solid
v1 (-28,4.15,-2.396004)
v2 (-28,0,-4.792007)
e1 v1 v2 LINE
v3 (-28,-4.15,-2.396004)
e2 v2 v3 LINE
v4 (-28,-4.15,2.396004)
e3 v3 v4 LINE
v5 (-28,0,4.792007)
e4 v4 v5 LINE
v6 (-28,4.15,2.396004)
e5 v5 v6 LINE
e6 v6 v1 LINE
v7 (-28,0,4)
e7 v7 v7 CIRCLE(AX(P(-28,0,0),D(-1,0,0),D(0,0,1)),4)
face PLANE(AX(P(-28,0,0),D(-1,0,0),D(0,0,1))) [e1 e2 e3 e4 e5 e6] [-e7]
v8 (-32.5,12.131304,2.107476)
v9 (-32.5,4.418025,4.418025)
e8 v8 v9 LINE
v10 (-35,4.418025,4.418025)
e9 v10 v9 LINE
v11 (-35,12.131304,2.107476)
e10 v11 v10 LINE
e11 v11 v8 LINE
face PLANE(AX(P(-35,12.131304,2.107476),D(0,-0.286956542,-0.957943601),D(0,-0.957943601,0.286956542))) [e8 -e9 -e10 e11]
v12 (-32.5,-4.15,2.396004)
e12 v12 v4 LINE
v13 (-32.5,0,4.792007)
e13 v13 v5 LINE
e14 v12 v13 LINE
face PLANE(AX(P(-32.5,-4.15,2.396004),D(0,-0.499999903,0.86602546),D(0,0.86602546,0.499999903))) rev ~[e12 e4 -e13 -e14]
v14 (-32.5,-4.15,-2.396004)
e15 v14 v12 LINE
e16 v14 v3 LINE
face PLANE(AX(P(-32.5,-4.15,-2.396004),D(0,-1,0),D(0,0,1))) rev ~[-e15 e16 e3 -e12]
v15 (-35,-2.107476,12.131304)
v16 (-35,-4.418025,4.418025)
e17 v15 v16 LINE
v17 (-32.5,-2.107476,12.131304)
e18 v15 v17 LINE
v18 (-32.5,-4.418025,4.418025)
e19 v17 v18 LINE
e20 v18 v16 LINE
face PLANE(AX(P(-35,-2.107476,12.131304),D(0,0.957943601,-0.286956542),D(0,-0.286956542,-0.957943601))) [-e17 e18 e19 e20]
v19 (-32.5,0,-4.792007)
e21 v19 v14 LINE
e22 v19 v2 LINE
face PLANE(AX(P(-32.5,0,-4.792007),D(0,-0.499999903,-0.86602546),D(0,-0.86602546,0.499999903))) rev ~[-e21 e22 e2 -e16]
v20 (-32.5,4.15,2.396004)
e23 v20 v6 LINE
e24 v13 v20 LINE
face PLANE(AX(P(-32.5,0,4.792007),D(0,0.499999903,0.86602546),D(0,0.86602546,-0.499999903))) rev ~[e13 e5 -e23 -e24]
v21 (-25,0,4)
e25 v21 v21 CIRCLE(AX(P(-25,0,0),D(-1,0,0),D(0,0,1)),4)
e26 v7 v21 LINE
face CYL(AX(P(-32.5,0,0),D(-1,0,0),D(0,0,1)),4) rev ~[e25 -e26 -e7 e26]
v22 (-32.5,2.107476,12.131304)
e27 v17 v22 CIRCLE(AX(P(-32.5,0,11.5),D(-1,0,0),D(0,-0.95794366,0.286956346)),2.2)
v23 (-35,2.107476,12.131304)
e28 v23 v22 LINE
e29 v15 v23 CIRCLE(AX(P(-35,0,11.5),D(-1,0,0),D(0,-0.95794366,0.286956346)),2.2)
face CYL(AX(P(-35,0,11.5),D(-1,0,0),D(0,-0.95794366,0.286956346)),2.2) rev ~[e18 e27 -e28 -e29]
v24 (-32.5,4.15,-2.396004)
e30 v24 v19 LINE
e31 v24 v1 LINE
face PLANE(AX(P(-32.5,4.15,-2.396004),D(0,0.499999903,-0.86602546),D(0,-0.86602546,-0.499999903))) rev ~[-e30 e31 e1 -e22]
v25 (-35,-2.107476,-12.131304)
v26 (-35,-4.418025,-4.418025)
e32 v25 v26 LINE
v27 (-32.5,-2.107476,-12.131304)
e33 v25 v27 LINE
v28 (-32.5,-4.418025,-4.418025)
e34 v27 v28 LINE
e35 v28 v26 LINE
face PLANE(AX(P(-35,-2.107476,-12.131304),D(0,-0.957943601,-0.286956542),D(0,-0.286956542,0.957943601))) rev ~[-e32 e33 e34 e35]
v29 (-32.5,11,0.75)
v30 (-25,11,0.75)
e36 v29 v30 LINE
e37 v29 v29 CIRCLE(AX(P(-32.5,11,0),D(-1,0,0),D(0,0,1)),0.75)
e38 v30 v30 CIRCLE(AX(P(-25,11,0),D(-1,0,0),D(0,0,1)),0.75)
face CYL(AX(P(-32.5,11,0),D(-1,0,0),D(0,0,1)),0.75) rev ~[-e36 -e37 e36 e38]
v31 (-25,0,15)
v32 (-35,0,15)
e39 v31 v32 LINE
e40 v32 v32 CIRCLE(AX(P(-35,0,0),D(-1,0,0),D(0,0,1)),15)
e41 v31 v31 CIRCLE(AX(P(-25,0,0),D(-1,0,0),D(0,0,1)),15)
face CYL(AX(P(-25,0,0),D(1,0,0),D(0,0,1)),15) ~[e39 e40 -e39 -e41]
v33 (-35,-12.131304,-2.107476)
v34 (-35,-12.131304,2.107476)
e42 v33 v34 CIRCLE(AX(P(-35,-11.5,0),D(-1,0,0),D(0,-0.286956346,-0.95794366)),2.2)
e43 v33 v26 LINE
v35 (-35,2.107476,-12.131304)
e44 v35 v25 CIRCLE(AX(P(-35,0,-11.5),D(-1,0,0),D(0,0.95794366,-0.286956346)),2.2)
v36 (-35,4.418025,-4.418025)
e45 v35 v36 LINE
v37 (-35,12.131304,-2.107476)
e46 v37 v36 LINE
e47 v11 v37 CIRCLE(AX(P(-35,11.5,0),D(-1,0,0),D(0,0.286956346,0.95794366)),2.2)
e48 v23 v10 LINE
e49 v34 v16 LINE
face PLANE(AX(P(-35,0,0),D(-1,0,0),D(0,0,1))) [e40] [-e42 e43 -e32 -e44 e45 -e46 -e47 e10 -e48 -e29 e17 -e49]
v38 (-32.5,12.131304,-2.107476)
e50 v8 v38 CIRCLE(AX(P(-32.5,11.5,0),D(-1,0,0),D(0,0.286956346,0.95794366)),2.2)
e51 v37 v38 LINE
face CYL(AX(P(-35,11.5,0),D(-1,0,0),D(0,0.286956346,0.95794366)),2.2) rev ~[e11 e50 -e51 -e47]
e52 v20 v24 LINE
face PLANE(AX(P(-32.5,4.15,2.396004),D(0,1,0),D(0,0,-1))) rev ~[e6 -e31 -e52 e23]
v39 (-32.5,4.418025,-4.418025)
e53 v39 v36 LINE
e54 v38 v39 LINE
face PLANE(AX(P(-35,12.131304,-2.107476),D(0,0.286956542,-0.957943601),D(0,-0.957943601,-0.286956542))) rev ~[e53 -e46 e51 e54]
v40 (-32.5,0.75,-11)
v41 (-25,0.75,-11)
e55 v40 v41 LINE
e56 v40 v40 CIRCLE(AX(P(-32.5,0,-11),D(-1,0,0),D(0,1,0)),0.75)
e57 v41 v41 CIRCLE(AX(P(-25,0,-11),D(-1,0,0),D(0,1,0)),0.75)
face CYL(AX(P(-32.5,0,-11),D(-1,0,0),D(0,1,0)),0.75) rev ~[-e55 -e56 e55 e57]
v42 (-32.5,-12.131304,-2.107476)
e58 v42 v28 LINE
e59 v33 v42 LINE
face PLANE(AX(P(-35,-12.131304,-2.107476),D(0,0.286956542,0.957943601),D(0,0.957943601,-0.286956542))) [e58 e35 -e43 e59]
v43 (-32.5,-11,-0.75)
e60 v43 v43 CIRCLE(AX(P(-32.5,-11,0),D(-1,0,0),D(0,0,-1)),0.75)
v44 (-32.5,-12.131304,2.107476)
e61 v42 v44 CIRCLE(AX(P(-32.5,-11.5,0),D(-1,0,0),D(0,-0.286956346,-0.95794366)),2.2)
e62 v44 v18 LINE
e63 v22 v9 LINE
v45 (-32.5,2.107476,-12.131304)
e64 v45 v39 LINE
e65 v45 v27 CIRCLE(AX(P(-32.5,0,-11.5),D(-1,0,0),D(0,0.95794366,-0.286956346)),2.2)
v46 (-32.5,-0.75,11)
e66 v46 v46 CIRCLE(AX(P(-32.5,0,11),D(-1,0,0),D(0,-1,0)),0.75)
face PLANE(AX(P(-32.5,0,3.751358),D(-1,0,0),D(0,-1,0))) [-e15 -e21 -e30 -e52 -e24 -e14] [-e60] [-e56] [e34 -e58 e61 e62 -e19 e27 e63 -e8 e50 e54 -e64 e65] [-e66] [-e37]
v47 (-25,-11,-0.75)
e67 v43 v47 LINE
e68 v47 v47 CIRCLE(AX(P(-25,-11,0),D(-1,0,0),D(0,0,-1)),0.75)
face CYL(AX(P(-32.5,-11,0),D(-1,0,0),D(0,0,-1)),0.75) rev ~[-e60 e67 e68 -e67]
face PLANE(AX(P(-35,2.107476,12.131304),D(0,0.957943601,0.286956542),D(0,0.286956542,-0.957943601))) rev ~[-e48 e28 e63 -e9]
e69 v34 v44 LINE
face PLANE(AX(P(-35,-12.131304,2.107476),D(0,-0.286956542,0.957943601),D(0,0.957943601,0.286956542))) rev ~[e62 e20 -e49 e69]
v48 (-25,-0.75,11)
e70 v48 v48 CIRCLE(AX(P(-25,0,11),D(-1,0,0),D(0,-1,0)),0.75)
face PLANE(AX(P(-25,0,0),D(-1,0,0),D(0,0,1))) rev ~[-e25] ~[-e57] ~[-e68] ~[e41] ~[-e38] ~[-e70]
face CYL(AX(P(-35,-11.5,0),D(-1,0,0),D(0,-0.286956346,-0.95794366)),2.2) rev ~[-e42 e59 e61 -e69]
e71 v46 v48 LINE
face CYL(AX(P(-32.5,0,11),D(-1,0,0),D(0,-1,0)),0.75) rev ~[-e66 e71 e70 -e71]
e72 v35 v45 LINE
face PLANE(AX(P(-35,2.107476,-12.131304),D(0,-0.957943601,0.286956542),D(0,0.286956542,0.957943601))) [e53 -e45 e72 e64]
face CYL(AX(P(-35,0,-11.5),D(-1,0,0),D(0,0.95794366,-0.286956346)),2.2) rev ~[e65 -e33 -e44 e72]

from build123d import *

# Parameters (mm, degrees)
SKETCH017_R             = 15
PAD009_DEPTH            = 10
POCKET003_DEPTH         = 2.5
POLARPATTERN003_COUNT   = 4
SKETCH014_R             = 0.75
HOLE001_DEPTH           = 25
POLARPATTERN002_COUNT   = 4
SKETCH015_R             = 4
POCKET004_DEPTH         = 7.501
POCKET005_DEPTH         = 4.5
BODY010_PLACEMENT_ANGLE = 90


with BuildPart() as part:
    # Sketch017 → Pad009 (new body)
    with BuildSketch(Plane.XY):
        Circle(SKETCH017_R)
    extrude(amount=PAD009_DEPTH)

    # Sketch016 (on Face3 of Pad009) → Pocket003 (cut)
    with BuildSketch(Plane.XY.offset(10)):
        with BuildLine():
            ThreePointArc((-5.26869, 1.578261), (0, -5.5), (5.26869, 1.578261))
            Line((2.107476, 12.131304), (5.26869, 1.578261))
            ThreePointArc((2.107476, 12.131304), (0, 13.7), (-2.107476, 12.131304))
            Line((-2.107476, 12.131304), (-5.26869, 1.578261))
        make_face()
    pocket003 = extrude(amount=-POCKET003_DEPTH, mode=Mode.SUBTRACT)

    # PolarPattern003: Pocket003 ×4 about axis
    polarpattern003_axis = Axis((0, 0, 10), (0, 0, 1))
    for i in range(1, POLARPATTERN003_COUNT):
        add(pocket003.rotate(polarpattern003_axis, i * 360 / POLARPATTERN003_COUNT), mode=Mode.SUBTRACT)

    # Sketch014 (on Face21 of PolarPattern003) → Hole001 (cut)
    with BuildSketch(Plane.XY.offset(7.5)):
        with Locations((0, 11)):
            Circle(SKETCH014_R)
    hole001 = extrude(amount=-HOLE001_DEPTH, mode=Mode.SUBTRACT)

    # PolarPattern002: Hole001 ×4 about axis
    polarpattern002_axis = Axis((0, 0, 7.5), (0, 0, 1))
    for i in range(1, POLARPATTERN002_COUNT):
        add(hole001.rotate(polarpattern002_axis, i * 360 / POLARPATTERN002_COUNT), mode=Mode.SUBTRACT)

    # Sketch015 (on Face25 of PolarPattern002) → Pocket004 (cut, through all)
    with BuildSketch(Plane.XY.offset(7.5)):
        Circle(SKETCH015_R)
    extrude(amount=-POCKET004_DEPTH, mode=Mode.SUBTRACT)

    # Sketch018 (on Face24 of Pocket004) → Pocket005 (cut)
    with BuildSketch(Plane.XY.offset(7.5)):
        Polygon((-2.396004, 4.15), (-4.792007, 0), (-2.396004, -4.15), (2.396004, -4.15), (4.792007, 0), (2.396004, 4.15), align=None)
    extrude(amount=-POCKET005_DEPTH, mode=Mode.SUBTRACT)


with BuildPart() as part_1:
    # Body010 placement: moved
    add(part.part.moved(Location((-25, 0, 0))).rotate(Axis((-25, 0, 0), (0, -1, 0)), BODY010_PLACEMENT_ANGLE))


solid = part_1.part
